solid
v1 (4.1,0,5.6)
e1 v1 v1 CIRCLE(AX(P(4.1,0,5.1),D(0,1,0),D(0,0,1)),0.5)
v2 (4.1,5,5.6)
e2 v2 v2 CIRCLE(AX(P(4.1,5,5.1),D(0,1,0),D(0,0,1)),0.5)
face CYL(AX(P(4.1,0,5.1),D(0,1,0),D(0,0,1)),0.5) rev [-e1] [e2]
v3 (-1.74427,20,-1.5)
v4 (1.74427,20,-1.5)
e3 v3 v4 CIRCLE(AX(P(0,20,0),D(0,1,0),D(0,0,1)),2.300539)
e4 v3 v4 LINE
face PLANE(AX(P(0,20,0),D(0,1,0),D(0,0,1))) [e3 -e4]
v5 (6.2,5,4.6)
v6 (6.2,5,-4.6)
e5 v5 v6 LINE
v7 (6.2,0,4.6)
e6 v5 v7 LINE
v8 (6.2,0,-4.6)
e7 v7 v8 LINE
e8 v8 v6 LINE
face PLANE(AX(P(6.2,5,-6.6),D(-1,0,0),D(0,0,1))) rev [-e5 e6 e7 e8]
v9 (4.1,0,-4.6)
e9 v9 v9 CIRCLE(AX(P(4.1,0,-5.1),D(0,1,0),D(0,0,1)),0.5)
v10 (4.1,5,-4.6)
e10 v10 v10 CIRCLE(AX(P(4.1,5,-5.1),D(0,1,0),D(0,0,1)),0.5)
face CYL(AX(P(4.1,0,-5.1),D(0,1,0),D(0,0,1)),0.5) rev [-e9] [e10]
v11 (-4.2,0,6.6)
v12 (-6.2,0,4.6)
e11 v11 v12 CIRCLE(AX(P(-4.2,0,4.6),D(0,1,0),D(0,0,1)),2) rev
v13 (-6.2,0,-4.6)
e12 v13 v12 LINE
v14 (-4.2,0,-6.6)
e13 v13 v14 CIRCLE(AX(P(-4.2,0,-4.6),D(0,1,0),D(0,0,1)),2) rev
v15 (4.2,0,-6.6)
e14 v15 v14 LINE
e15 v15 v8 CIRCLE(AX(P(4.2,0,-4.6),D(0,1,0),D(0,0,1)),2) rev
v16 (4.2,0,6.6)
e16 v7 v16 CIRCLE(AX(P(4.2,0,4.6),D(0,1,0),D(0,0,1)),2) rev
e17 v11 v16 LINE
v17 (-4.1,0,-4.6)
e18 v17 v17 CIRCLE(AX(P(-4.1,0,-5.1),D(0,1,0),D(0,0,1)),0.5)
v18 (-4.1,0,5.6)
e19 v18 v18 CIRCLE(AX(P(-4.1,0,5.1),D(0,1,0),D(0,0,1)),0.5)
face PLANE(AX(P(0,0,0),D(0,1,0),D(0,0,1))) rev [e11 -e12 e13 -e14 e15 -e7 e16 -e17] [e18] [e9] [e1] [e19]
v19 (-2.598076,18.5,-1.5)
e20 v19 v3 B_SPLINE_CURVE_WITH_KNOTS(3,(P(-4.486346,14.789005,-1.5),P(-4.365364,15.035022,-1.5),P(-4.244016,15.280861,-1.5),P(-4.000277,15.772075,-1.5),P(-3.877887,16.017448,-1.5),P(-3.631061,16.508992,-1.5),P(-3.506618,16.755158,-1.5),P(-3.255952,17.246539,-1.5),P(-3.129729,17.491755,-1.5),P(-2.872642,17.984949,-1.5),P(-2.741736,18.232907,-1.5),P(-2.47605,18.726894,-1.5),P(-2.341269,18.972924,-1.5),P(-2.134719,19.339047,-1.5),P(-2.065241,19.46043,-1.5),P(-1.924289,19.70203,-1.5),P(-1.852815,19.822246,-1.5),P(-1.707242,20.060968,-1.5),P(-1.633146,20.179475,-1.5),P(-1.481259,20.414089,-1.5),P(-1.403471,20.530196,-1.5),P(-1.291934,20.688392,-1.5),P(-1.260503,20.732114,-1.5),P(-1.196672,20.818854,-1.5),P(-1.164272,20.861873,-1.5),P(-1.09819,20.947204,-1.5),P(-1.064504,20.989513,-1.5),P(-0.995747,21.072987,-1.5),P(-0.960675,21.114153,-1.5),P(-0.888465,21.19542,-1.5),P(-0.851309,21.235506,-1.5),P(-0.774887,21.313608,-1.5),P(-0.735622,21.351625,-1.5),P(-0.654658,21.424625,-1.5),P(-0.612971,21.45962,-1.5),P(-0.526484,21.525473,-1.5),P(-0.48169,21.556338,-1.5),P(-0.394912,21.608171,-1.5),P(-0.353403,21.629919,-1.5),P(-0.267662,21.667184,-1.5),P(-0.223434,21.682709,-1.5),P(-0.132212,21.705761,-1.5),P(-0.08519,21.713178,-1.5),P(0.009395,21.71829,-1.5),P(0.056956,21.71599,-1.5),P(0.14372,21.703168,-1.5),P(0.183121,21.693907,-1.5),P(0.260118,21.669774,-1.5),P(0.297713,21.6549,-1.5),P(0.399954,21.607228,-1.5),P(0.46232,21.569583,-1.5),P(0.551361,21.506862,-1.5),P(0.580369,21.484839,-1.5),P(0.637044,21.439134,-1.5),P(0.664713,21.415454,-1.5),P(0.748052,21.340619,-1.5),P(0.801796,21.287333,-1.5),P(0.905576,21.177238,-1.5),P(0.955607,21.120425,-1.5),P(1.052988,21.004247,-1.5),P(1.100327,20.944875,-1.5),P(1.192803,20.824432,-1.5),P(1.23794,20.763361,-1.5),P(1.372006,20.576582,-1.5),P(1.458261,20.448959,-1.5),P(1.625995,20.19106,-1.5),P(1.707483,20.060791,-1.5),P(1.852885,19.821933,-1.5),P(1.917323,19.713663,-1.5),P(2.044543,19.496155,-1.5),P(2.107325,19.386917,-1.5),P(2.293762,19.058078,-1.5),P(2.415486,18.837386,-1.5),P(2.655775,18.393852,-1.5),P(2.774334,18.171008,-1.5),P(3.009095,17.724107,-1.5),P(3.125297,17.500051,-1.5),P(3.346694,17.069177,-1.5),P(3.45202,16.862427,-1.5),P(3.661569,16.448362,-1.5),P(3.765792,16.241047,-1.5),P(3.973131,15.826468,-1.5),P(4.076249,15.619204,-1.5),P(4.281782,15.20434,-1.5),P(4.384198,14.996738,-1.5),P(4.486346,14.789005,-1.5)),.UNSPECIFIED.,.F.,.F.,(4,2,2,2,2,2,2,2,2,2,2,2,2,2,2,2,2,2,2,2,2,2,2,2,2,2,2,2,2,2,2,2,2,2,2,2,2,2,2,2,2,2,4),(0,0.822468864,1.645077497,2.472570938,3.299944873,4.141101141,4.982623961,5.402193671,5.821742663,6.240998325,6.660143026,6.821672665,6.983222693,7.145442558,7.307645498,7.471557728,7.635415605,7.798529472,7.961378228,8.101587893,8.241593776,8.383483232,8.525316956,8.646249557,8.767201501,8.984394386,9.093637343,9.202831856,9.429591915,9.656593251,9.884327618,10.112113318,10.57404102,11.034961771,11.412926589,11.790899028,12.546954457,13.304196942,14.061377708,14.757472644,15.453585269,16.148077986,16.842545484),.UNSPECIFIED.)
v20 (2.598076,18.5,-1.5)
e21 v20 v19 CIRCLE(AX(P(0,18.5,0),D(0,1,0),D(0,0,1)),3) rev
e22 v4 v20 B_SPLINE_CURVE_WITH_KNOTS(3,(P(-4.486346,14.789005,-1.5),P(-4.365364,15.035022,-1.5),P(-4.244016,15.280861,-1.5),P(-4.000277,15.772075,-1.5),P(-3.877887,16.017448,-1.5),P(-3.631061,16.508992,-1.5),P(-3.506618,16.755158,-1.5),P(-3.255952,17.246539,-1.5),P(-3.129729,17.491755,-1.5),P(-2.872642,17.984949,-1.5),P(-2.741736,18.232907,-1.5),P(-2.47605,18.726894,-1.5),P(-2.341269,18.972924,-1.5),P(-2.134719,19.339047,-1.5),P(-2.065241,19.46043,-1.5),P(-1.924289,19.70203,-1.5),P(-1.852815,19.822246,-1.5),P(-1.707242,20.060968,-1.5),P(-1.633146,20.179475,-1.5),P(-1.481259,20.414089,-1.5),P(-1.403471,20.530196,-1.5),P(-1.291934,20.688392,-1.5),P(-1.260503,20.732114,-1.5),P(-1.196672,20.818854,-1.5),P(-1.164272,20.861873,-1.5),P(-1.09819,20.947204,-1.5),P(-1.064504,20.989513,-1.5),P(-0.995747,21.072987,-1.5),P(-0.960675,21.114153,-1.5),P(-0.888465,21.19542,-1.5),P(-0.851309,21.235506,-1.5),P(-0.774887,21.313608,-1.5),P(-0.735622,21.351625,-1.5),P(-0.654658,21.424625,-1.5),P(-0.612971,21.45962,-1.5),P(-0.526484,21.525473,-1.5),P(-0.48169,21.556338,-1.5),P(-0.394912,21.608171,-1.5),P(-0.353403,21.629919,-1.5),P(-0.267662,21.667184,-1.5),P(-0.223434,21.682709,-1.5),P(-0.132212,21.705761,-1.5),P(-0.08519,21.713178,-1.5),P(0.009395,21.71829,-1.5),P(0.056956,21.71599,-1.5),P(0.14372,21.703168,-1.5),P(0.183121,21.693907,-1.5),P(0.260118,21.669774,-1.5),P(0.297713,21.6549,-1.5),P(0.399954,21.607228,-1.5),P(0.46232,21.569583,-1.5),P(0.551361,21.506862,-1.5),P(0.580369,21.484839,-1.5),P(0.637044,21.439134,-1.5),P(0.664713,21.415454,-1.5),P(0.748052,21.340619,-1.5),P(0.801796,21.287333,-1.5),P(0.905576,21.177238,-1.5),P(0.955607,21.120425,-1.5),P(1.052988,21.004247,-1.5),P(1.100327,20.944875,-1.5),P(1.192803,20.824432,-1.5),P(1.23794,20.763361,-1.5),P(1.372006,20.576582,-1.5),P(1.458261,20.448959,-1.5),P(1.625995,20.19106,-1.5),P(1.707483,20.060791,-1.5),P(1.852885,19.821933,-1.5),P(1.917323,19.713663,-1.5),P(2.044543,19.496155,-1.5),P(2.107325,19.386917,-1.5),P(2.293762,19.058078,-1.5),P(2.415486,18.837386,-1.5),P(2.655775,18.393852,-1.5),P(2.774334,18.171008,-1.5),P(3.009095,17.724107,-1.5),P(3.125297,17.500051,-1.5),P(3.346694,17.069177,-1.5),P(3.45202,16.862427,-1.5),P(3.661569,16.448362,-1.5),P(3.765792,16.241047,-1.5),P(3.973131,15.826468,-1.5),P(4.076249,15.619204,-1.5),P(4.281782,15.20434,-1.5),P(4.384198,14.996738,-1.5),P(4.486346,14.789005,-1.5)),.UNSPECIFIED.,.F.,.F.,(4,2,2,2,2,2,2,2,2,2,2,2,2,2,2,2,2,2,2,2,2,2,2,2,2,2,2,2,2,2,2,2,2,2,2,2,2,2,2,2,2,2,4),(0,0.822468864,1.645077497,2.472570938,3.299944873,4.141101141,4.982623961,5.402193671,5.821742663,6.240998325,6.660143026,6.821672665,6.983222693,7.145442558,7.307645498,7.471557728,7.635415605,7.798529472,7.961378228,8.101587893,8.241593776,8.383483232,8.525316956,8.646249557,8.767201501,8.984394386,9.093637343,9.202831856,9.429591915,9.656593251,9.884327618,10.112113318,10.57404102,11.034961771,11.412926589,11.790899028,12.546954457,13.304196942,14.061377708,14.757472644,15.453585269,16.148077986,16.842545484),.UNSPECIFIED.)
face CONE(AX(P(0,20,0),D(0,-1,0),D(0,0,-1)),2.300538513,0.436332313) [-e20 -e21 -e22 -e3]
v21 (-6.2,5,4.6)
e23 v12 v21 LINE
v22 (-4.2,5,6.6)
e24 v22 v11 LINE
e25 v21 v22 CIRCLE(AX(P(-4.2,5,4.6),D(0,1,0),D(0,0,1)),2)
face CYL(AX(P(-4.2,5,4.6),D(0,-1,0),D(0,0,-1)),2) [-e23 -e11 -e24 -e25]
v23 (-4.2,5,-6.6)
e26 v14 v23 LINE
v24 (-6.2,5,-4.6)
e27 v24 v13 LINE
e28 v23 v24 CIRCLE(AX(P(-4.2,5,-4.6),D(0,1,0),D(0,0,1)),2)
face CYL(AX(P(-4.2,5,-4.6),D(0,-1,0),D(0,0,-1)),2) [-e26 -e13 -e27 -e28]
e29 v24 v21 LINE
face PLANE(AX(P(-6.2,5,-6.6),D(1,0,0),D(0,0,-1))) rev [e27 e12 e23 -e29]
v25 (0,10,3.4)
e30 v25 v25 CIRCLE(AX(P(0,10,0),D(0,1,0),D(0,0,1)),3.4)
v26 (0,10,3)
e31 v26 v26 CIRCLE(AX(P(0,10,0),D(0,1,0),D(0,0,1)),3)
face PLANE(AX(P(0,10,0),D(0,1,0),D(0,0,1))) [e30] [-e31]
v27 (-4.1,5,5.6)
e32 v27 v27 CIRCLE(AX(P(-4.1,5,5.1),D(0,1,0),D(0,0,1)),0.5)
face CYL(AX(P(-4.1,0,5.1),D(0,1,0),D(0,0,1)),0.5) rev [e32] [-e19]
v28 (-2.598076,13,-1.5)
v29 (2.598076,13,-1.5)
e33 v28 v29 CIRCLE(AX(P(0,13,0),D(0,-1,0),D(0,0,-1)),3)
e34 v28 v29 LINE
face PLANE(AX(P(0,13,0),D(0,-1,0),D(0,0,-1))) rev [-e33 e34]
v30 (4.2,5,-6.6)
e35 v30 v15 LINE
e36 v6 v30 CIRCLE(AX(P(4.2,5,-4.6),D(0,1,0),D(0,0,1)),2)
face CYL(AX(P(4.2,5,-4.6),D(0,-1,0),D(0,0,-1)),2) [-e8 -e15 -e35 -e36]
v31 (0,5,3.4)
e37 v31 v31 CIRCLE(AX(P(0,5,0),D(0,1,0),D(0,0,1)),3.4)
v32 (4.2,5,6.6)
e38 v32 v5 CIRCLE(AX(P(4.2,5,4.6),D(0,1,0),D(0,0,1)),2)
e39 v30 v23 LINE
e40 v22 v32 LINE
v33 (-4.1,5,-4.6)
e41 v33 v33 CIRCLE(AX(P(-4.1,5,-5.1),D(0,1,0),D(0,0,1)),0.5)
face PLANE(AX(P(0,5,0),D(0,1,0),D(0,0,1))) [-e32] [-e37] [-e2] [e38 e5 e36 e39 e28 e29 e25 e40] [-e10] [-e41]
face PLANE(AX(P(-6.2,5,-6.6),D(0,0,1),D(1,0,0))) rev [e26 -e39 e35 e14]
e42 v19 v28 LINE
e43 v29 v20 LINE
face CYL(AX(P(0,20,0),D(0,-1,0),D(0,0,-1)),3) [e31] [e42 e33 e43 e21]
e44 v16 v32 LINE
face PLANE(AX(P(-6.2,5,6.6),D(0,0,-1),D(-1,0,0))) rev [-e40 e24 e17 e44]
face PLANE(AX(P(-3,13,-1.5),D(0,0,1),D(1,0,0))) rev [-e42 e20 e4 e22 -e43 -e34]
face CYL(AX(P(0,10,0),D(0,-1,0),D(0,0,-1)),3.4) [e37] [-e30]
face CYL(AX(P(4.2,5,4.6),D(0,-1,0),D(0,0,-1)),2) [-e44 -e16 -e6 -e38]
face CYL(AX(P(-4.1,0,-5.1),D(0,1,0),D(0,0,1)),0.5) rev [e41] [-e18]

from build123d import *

# Parameters (mm, degrees)
SKETCH1_W           = 12.4
SKETCH1_H           = 13.2
BOSS_EXTRUDE1_DEPTH = 5
FILLET1_R           = 2
SKETCH2_R           = 3.4
BOSS_EXTRUDE2_DEPTH = 5
SKETCH3_R           = 3
BOSS_EXTRUDE3_DEPTH = 10
CHAMFER1_SIZE       = 1.5
CHAMFER1_SIZE2      = 0.699461487
SKETCH4_R           = 0.5
CUT_EXTRUDE1_DEPTH  = 18.521415468
SKETCH5_W           = 6.05122926
SKETCH5_H           = 1.5
CUT_EXTRUDE2_DEPTH  = 7


with BuildPart() as part:
    # Sketch1 → Boss-Extrude1 (new body)
    with BuildSketch(Plane(origin=(0, 0, 0), x_dir=(1, 0, 0), z_dir=(0, 1, 0))):
        Rectangle(SKETCH1_W, SKETCH1_H)
    extrude(amount=BOSS_EXTRUDE1_DEPTH)

    # Fillet1
    fillet1_edges = [part.edges().sort_by_distance(p)[0] for p in [
        (-6.2, 2.5, -6.6),
        (6.2, 2.5, -6.6),
        (6.2, 2.5, 6.6),
        (-6.2, 2.5, 6.6),
    ]]
    fillet(fillet1_edges, radius=FILLET1_R)

    # Sketch2 → Boss-Extrude2 (add)
    with BuildSketch(Plane(origin=(0, 5, 0), x_dir=(1, 0, 0), z_dir=(0, 1, 0))):
        with Locations(Location((0, 0, 0), (0, 0, 270))):
            Circle(SKETCH2_R)
    extrude(amount=BOSS_EXTRUDE2_DEPTH)

    # Sketch3 → Boss-Extrude3 (add)
    with BuildSketch(Plane(origin=(0, 10, 0), x_dir=(1, 0, 0), z_dir=(0, 1, 0))):
        with Locations(Location((0, 0, 0), (0, 0, 270))):
            Circle(SKETCH3_R)
    extrude(amount=BOSS_EXTRUDE3_DEPTH)

    # Chamfer1
    chamfer1_edges = [part.edges().sort_by_distance(p)[0] for p in [
        (0, 20, -3),
    ]]
    chamfer1_side = [part.faces().sort_by_distance(p)[0] for p in [
        (0, 15, -3),
    ]]
    chamfer(chamfer1_edges, length=CHAMFER1_SIZE, length2=CHAMFER1_SIZE2, reference=chamfer1_side[0])

    # Sketch4 → Cut-Extrude1 (cut, through all)
    with BuildSketch(Plane(origin=(0, 5, 0), x_dir=(1, 0, 0), z_dir=(0, 1, 0))):
        with Locations(Location((4.1, -5.1, 0), (0, 0, 270))):
            Circle(SKETCH4_R)
        with Locations(Location((-4.1, -5.1, 0), (0, 0, 270))):
            Circle(SKETCH4_R)
        with Locations(Location((-4.1, 5.1, 0), (0, 0, 270))):
            Circle(SKETCH4_R)
        with Locations(Location((4.1, 5.1, 0), (0, 0, 270))):
            Circle(SKETCH4_R)
    extrude(amount=-CUT_EXTRUDE1_DEPTH, mode=Mode.SUBTRACT)

    # Sketch5 → Cut-Extrude2 (cut)
    with BuildSketch(Plane(origin=(0, 20, 0), x_dir=(1, 0, 0), z_dir=(0, 1, 0))):
        with Locations((0.02561463, 2.25)):
            Rectangle(SKETCH5_W, SKETCH5_H)
    extrude(amount=-CUT_EXTRUDE2_DEPTH, mode=Mode.SUBTRACT)


solid = part.part
